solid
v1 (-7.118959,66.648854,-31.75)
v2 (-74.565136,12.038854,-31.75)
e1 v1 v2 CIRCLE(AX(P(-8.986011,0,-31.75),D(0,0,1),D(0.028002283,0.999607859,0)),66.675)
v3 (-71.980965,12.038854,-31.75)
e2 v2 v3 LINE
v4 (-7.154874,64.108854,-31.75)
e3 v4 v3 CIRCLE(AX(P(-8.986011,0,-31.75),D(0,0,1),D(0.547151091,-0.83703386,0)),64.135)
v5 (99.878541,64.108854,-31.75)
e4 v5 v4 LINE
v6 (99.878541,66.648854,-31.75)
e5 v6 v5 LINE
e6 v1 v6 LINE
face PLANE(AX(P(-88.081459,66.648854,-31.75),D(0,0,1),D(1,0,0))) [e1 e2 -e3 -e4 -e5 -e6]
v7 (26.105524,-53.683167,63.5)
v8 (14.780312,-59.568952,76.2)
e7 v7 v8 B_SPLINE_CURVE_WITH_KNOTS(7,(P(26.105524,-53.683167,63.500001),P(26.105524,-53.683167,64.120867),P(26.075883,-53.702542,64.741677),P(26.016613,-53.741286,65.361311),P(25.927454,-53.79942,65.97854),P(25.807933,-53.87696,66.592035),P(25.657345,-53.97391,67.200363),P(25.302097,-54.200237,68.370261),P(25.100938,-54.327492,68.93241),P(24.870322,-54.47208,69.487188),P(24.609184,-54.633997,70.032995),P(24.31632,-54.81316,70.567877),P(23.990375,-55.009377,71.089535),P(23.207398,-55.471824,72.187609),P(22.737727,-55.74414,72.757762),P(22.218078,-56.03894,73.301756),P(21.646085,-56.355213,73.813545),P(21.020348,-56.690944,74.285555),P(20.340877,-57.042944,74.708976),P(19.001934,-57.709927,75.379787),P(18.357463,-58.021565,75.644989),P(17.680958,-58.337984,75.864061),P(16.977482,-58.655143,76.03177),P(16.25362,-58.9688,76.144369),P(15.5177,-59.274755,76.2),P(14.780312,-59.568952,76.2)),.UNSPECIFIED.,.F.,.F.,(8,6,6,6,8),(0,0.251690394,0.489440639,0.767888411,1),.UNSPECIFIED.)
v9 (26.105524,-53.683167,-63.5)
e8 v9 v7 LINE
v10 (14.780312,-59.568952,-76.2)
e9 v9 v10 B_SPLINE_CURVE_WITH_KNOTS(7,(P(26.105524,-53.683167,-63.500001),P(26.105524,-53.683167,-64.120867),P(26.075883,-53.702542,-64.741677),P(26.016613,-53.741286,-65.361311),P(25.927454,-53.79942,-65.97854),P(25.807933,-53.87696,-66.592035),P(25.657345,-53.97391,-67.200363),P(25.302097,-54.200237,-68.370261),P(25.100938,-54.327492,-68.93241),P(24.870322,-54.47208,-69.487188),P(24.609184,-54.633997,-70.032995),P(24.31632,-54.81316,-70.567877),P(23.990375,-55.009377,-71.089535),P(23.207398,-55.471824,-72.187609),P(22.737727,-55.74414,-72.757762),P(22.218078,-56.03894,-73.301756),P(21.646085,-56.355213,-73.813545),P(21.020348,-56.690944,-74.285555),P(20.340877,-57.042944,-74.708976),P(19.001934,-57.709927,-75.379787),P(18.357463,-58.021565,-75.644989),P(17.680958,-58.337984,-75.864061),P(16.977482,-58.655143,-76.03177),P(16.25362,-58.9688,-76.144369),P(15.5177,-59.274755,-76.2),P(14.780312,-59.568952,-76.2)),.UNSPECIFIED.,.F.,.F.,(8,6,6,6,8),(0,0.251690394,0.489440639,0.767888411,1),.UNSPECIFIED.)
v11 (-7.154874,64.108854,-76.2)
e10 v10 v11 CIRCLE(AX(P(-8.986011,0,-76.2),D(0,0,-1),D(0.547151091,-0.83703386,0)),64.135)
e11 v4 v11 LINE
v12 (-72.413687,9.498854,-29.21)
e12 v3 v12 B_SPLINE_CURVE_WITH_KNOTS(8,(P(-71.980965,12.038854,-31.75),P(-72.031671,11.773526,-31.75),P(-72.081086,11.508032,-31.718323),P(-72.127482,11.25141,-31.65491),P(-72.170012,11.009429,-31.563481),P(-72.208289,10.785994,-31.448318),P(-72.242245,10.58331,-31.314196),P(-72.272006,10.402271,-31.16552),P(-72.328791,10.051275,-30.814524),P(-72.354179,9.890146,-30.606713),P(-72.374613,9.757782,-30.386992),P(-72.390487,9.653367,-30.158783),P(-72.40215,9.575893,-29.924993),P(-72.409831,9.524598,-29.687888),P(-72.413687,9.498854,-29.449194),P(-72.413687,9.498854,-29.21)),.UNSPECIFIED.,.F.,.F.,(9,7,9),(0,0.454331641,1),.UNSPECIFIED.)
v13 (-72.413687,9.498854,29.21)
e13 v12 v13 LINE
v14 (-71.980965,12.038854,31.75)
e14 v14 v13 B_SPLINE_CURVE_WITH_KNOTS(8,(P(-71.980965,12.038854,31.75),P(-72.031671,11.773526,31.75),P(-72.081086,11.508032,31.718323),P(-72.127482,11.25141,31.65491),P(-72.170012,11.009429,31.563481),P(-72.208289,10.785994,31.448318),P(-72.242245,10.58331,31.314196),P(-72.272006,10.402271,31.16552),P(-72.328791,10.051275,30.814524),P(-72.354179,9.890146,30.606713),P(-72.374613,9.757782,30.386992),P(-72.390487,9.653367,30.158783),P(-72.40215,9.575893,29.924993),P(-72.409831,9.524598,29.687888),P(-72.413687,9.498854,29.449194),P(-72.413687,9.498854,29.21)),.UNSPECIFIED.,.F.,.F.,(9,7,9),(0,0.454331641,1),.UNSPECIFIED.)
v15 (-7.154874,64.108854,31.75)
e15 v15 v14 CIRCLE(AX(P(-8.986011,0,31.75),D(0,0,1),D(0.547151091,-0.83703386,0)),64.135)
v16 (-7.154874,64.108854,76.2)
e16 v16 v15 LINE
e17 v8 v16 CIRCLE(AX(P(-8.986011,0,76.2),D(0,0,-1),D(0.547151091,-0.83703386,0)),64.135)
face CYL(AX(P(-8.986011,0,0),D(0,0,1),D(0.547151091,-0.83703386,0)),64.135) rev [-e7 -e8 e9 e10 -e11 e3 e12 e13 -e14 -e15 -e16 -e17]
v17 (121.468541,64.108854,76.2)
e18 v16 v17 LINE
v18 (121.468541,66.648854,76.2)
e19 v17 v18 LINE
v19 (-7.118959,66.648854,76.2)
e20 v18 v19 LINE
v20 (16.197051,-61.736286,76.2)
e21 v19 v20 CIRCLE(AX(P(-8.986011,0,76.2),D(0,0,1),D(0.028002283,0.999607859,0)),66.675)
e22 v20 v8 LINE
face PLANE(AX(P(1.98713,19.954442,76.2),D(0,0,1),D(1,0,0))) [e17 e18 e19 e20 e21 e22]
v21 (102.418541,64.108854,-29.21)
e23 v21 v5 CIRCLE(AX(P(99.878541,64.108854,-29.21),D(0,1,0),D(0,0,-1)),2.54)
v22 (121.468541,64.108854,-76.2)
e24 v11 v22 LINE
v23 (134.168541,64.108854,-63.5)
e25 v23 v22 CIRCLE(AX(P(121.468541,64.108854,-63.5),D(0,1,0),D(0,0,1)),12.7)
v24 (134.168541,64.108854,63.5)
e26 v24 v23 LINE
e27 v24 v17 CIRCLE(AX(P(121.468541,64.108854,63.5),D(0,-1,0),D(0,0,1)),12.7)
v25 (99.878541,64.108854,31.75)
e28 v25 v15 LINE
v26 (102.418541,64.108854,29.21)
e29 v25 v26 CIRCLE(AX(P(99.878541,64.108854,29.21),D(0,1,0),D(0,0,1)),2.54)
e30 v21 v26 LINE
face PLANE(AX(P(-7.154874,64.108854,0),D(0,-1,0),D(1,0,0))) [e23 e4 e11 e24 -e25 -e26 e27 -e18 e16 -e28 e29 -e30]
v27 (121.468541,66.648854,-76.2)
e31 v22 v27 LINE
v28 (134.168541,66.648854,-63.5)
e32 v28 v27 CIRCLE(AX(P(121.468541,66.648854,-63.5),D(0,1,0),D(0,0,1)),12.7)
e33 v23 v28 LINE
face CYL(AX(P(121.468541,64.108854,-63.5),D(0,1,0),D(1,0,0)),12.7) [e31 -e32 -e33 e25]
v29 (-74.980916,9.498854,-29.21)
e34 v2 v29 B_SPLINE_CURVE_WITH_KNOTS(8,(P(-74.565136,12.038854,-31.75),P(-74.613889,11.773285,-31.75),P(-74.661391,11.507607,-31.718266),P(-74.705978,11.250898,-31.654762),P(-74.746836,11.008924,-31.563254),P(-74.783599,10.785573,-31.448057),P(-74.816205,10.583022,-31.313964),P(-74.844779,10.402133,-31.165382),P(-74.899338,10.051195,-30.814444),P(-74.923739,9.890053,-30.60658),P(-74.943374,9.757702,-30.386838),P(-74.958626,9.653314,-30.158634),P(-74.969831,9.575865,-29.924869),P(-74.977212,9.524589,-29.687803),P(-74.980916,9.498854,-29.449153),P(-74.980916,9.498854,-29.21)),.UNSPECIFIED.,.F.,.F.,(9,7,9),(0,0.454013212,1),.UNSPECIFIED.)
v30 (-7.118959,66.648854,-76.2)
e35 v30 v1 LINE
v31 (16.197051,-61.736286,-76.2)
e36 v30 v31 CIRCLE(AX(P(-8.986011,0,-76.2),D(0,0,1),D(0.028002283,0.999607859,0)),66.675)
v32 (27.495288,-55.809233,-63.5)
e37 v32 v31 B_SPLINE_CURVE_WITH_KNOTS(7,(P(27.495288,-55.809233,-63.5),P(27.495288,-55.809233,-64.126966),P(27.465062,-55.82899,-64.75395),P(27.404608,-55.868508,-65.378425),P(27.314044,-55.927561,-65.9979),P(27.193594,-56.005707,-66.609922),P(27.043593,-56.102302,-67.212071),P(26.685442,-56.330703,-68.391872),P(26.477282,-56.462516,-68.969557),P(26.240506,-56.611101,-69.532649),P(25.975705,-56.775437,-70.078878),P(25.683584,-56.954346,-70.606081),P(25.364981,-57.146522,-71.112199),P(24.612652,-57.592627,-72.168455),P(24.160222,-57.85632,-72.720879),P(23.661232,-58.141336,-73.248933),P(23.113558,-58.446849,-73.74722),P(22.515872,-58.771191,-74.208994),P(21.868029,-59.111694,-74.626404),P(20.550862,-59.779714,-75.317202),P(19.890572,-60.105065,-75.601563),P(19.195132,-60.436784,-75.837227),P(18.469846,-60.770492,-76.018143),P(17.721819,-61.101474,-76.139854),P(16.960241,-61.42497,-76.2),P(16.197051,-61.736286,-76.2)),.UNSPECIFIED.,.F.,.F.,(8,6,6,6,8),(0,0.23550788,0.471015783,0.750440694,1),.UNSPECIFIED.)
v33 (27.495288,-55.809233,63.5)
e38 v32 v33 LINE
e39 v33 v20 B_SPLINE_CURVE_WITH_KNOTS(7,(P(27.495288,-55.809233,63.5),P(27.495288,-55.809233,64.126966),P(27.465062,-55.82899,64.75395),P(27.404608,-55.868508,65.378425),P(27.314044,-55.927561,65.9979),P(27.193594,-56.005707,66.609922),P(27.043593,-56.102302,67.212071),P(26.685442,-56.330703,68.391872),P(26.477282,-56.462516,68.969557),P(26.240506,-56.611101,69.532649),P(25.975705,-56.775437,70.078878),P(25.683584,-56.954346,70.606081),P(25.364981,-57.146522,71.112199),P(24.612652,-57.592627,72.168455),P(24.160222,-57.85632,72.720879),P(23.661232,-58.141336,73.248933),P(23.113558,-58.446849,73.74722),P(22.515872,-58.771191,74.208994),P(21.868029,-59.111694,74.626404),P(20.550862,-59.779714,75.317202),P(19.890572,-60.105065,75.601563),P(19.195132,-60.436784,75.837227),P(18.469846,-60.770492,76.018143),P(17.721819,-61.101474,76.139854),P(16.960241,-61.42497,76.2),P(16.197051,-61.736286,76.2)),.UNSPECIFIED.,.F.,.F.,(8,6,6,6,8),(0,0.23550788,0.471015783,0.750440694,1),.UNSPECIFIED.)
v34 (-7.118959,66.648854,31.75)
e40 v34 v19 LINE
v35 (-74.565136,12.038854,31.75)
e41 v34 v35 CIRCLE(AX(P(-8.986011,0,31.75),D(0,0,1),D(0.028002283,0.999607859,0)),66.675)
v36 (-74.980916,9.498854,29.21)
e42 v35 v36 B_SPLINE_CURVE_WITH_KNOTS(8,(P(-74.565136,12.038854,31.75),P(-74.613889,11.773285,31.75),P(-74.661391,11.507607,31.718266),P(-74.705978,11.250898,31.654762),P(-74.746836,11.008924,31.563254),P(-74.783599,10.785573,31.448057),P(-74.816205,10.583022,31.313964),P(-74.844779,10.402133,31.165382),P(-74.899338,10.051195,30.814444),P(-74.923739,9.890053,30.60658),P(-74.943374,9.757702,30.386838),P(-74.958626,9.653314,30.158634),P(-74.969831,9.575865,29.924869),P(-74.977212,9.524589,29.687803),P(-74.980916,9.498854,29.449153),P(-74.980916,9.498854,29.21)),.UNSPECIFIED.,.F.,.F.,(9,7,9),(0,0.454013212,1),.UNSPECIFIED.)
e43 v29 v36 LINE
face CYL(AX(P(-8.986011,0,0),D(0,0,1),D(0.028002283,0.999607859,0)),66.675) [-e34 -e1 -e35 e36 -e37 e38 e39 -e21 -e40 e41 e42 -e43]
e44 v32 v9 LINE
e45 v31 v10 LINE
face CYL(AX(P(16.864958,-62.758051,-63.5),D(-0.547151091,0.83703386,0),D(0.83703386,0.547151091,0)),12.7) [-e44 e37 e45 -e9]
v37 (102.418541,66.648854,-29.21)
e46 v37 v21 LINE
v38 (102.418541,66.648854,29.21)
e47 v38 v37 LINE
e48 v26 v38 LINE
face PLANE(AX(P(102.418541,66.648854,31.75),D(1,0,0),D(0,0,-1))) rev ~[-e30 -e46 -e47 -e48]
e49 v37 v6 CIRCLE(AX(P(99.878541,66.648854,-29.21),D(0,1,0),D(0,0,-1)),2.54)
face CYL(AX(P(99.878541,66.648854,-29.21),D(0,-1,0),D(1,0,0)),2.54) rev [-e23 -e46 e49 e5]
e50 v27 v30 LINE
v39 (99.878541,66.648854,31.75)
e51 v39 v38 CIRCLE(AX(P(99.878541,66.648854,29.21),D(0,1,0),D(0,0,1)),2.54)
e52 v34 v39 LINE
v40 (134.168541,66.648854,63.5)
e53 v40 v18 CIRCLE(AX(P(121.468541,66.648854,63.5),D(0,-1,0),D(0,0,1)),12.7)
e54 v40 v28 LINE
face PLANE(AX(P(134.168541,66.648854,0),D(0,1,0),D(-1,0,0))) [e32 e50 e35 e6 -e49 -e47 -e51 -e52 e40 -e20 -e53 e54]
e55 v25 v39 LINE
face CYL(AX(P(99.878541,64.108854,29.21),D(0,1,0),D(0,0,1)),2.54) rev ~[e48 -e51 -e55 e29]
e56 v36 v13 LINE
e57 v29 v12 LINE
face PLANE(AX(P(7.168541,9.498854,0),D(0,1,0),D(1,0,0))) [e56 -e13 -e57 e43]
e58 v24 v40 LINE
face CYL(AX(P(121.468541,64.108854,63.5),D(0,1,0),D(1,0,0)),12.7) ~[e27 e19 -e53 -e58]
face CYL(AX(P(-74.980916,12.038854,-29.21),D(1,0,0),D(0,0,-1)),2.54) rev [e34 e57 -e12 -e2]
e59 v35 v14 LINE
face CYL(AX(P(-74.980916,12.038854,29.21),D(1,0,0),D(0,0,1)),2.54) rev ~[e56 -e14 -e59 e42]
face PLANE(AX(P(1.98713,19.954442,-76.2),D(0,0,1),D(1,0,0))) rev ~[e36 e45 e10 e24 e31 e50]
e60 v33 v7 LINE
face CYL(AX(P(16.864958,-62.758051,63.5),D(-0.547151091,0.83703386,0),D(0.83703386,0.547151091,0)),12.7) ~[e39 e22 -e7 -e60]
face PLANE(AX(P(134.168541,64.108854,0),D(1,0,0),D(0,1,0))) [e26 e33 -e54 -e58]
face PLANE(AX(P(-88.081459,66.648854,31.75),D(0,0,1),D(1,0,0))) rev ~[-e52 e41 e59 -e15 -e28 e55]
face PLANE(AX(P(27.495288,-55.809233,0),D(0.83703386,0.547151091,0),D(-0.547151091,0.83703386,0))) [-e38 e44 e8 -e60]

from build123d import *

# Parameters (mm, degrees)
EXTRUDE_THIN1_DEPTH = 76.2
FILLET1_R           = 12.7
SKETCH2_W           = 190.5
SKETCH2_H           = 63.5
CUT_EXTRUDE1_DEPTH  = 57.15
FILLET2_R           = 2.54


with BuildPart() as part:
    # Sketch1 → Extrude-Thin1 (new, symmetric)
    with BuildSketch(Plane.XY):
        with BuildLine():
            Line((134.168540946, 66.648854011), (-7.118959054, 66.648854011))
            ThreePointArc((-7.118959054, 66.648854011), (-73.147095727, -18.135899971), (27.495287719, -55.809232643))
            Line((27.495287719, -55.809232643), (26.105523948, -53.683166638))
            ThreePointArc((26.105523948, -53.683166638), (-70.707652233, -17.428059655), (-7.154874368, 64.108854011))
            Line((-7.154874368, 64.108854011), (134.168540946, 64.108854011))
            Line((134.168540946, 64.108854011), (134.168540946, 66.648854011))
        make_face()
    extrude(amount=EXTRUDE_THIN1_DEPTH, both=True)

    # Fillet1
    fillet1_edges = [part.edges().sort_by_distance(p)[0] for p in [
        (134.168540946, 65.378854011, 76.2),
        (134.168540946, 65.378854011, -76.2),
        (26.800405833, -54.74619964, -76.2),
        (26.800405833, -54.74619964, 76.2),
    ]]
    fillet(fillet1_edges, radius=FILLET1_R)

    # Sketch2 → Cut-Extrude1 (cut, symmetric)
    with BuildSketch(Plane(origin=(0, 66.648854011, 0), x_dir=(1, 0, 0), z_dir=(0, 1, 0))):
        with Locations((7.168540946, 0)):
            Rectangle(SKETCH2_W, SKETCH2_H)
    extrude(amount=CUT_EXTRUDE1_DEPTH, both=True, mode=Mode.SUBTRACT)

    # Fillet2
    fillet2_edges = [part.edges().sort_by_distance(p)[0] for p in [
        (102.418540946, 65.378854011, -31.75),
        (102.418540946, 65.378854011, 31.75),
        (-73.697301111, 9.498854011, 31.75),
        (-73.697301111, 9.498854011, -31.75),
    ]]
    fillet(fillet2_edges, radius=FILLET2_R)


solid = part.part
